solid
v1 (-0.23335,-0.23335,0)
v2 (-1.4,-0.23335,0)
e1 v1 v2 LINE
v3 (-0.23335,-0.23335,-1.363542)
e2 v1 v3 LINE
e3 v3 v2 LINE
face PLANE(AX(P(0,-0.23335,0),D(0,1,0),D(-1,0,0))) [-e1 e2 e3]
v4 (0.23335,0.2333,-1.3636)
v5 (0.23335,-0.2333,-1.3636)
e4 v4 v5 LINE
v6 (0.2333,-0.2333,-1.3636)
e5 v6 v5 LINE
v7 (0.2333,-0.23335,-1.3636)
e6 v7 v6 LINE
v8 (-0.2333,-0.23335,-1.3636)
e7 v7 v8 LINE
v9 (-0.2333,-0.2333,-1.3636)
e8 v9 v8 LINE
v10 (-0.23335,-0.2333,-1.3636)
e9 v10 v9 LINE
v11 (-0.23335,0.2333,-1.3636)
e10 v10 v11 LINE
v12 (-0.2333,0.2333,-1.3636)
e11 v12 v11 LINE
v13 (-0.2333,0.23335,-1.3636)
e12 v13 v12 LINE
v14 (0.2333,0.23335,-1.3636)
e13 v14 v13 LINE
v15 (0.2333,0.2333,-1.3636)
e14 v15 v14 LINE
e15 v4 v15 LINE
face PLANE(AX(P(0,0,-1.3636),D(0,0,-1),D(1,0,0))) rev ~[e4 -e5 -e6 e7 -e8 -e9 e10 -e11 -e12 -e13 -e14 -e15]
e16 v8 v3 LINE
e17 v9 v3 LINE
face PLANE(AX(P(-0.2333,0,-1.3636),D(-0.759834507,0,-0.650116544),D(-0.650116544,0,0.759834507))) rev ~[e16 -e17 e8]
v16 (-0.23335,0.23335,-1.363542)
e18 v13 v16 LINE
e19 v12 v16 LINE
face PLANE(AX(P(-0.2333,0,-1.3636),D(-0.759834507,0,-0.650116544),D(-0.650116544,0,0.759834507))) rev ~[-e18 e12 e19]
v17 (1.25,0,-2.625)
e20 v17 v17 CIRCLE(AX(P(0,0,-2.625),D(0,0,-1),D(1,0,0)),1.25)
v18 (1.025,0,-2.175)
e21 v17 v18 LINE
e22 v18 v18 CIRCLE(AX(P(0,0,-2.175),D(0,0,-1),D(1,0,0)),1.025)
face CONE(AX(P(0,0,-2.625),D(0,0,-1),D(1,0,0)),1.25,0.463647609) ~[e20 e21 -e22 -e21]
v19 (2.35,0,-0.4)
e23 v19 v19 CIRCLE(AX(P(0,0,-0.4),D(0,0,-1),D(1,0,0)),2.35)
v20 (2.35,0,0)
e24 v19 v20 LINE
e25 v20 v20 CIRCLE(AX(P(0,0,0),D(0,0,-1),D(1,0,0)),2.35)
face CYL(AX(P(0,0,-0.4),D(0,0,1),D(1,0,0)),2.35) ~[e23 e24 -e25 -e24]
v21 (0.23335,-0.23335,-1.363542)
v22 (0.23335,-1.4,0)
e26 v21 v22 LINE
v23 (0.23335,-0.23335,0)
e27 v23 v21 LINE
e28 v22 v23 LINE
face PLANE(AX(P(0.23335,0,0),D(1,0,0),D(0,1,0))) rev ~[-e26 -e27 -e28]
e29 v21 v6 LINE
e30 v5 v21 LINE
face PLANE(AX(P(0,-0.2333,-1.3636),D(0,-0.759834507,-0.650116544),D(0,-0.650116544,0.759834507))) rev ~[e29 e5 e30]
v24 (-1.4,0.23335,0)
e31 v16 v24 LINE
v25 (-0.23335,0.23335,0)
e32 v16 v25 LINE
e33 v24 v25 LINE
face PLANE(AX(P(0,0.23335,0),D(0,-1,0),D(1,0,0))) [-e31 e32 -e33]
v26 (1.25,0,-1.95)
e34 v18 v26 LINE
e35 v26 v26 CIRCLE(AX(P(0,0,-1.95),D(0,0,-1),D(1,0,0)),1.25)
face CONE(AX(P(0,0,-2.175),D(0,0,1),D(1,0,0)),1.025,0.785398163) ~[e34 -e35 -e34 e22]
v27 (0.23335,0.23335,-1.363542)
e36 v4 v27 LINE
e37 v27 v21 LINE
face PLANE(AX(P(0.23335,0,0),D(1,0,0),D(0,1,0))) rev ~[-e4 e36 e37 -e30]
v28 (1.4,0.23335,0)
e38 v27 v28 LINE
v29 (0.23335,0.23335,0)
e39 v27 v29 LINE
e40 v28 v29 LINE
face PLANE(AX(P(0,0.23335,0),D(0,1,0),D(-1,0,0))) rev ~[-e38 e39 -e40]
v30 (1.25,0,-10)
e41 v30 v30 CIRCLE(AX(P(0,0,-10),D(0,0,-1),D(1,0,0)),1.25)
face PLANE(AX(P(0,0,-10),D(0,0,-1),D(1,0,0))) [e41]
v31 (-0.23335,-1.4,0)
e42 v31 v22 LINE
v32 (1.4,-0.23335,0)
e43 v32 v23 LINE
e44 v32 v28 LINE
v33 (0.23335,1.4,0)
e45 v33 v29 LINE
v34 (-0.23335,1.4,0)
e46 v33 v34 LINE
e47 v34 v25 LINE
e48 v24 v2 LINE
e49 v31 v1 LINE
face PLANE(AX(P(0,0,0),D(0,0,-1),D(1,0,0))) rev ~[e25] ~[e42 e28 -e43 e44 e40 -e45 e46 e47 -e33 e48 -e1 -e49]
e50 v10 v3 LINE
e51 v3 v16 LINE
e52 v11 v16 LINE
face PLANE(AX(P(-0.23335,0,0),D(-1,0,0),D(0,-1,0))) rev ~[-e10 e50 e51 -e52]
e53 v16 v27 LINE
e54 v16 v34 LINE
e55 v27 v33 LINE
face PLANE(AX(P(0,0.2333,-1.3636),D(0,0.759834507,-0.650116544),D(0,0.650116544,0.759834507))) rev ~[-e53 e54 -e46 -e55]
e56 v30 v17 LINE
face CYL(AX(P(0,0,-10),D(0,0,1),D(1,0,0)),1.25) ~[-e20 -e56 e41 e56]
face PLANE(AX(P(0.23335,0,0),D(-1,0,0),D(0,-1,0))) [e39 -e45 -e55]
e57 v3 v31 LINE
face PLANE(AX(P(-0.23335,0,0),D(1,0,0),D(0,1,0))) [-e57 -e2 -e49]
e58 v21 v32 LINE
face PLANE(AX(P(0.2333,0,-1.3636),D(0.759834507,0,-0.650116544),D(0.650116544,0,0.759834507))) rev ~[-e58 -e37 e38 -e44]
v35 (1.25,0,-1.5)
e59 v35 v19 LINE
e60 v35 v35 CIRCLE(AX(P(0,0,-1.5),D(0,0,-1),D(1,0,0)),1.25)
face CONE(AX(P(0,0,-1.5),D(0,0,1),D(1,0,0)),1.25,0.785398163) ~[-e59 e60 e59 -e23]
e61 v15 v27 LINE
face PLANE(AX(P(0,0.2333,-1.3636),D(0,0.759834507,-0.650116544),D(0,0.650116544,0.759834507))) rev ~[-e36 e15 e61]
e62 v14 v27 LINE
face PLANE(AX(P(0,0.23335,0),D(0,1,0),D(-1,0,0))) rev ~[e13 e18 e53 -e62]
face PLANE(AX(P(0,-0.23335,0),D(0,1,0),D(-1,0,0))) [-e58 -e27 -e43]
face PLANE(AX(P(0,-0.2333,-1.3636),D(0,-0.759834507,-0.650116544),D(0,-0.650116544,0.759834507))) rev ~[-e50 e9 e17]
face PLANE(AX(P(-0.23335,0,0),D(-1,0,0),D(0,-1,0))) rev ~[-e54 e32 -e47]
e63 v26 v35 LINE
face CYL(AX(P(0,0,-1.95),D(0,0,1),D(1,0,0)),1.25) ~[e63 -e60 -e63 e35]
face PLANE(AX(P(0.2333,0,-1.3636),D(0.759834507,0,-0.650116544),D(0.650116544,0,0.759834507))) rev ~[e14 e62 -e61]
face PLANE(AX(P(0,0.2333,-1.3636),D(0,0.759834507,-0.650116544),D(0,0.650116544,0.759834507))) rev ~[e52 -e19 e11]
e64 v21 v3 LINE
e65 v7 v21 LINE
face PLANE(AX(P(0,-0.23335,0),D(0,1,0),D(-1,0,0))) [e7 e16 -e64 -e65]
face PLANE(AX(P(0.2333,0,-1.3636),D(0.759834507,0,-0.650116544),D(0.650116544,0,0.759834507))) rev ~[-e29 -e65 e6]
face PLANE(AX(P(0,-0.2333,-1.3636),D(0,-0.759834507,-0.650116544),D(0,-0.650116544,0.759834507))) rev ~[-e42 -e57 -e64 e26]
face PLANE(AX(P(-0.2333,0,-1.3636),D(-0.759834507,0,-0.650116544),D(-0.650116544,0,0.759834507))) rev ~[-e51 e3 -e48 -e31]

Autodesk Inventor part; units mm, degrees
ref_plane "YZ Plane" through (0, 0, 0) normal (1, 0, 0) x (0, 1, 0)
sketch "Skizze1" plane through (0, 0, 0) normal (0, 1, 0) x (-1, 0, 0)
  point P0 (0, 0)
sketch "Skizze2" plane through (0, 0, 0) normal (0, 0, 1) x (1, 0, 0)
  point P0 (0, 0)
sketch "Skizze3" plane through (0, 0, 0) normal (0, 1, 0) x (-1, 0, 0)
  line L0 (-2.35, 0) -> (0, 0)
  line L1 (-2.35, -0.4) -> (-2.35, 0)
  line L2 (-1.25, -1.5) -> (-2.35, -0.4)
  line L3 (-1.25, -1.95) -> (-1.25, -1.5)
  line L4 (-1.025, -2.175) -> (-1.25, -1.95)
  line L5 (-1.25, -2.625) -> (-1.025, -2.175)
  line L6 (-1.25, -10) -> (-1.25, -2.625)
  line L7 (0, 0) -> (0, -10)
  line L8 (0, 3.3392) -> (0, -10.6608) construction
  line L9 (0, 3.3392) -> (0, -10.6608)
  line L10 (0, -13.4608) -> (0, 6.1392) projected
  line L11 (-1.25, -10) -> (0, -10)
  line L12 (0.47, 0) -> (-2.82, 0) projected
  dimension "d3" = 2.35
  dimension "d5" = 0.45
  dimension "d7" = 0.225
  dimension "d9" = 0.45
  dimension "d11" = 1.5
  dimension "d13" = 135
  dimension "d15" = 10
  dimension "d17" = 1.025
  dimension "d19" = 0
  dimension "d41" = 1.25
revolve "Drehung1" add sketch "Skizze3" angle 360 about axis through (0, 0, 3.3392) along (0, 0, -1)
sketch "Skizze4" plane through (0, 0, 0) normal (0, 1, 0) x (-1, 0, 0)
  line L0 (-1.4, 0) -> (0, 0)
  line L1 (-0.2333, -1.3636) -> (-1.4, 0)
  line L2 (0, -1.3636) -> (-0.2333, -1.3636)
  line L3 (0, 0) -> (0, -1.3636)
  line L4 (-1.25, -1.5) -> (1.25, -1.5) construction
  line L5 (-2.35, 0) -> (2.35, 0) projected
  line L6 (0, -1.8) -> (0, 0.3) projected
  dimension "d22" = 1.4
  dimension "d24" = 0.2333
  dimension "d26" = 1.3636
extrude "Extrusion1" cut sketch "Skizze4" along normal mid plane 0.4667
pattern_circular "Polare Anordnung1" count 4 over 360 about axis through (0, 0, 0) along (0, 0, 1) of "Extrusion1"
thread "Gewinde1" size "M2.5x0.45" class "6g" standard "ISO Metric profile" full length
ref_plane "MSC_PF1" through (0, 0, 0) normal (1, 0, 0) x (0, 1, 0)
ref_plane "MSC_PT1" through (0, 0, 0) normal (0, 0, -1) x (-1, 0, 0)
equation "\"d3\" = 0.5 * Dh"
equation "\"d5\" = msp_x"
equation "\"d7\" = ParA"
equation "\"d9\" = msp_x"
equation "\"d11\" = ParK"
equation "\"d15\" = NLG"
equation "\"d17\" = 0.5 * msp_mdtds"
equation "\"d41\" = 0.5 * NND"
equation "\"d22\" = 0.5 * M"
equation "\"d24\" = 0.0833333 * M"
equation "\"d26\" = 0.909091 * ParK"
equation "\"d27\" = 0.166667 * M"
equation "\"r\" = 0.6"
equation "\"PTC\" = 0.45"
equation "\"NLG\" = 10"
equation "\"ParK\" = 1.5"
equation "\"NND\" = 2.5"
equation "\"M\" = 2.8"
equation "\"Dh\" = 4.7"
equation "\"msp_c0\" = 4"
equation "\"msp_x\" = PTC"
equation "\"ParA\" = 0.5 * PTC"
equation "\"msp_mdtds\" = NND - PTC"
equation "\"THREADDIA\" = NND"
equation "\"TEMPLATE\" = 1.2345"
properties part number "DIN EN ISO 7046-2 Z - M2.5x10 - 8.8 - Z1" material "Stahl"
